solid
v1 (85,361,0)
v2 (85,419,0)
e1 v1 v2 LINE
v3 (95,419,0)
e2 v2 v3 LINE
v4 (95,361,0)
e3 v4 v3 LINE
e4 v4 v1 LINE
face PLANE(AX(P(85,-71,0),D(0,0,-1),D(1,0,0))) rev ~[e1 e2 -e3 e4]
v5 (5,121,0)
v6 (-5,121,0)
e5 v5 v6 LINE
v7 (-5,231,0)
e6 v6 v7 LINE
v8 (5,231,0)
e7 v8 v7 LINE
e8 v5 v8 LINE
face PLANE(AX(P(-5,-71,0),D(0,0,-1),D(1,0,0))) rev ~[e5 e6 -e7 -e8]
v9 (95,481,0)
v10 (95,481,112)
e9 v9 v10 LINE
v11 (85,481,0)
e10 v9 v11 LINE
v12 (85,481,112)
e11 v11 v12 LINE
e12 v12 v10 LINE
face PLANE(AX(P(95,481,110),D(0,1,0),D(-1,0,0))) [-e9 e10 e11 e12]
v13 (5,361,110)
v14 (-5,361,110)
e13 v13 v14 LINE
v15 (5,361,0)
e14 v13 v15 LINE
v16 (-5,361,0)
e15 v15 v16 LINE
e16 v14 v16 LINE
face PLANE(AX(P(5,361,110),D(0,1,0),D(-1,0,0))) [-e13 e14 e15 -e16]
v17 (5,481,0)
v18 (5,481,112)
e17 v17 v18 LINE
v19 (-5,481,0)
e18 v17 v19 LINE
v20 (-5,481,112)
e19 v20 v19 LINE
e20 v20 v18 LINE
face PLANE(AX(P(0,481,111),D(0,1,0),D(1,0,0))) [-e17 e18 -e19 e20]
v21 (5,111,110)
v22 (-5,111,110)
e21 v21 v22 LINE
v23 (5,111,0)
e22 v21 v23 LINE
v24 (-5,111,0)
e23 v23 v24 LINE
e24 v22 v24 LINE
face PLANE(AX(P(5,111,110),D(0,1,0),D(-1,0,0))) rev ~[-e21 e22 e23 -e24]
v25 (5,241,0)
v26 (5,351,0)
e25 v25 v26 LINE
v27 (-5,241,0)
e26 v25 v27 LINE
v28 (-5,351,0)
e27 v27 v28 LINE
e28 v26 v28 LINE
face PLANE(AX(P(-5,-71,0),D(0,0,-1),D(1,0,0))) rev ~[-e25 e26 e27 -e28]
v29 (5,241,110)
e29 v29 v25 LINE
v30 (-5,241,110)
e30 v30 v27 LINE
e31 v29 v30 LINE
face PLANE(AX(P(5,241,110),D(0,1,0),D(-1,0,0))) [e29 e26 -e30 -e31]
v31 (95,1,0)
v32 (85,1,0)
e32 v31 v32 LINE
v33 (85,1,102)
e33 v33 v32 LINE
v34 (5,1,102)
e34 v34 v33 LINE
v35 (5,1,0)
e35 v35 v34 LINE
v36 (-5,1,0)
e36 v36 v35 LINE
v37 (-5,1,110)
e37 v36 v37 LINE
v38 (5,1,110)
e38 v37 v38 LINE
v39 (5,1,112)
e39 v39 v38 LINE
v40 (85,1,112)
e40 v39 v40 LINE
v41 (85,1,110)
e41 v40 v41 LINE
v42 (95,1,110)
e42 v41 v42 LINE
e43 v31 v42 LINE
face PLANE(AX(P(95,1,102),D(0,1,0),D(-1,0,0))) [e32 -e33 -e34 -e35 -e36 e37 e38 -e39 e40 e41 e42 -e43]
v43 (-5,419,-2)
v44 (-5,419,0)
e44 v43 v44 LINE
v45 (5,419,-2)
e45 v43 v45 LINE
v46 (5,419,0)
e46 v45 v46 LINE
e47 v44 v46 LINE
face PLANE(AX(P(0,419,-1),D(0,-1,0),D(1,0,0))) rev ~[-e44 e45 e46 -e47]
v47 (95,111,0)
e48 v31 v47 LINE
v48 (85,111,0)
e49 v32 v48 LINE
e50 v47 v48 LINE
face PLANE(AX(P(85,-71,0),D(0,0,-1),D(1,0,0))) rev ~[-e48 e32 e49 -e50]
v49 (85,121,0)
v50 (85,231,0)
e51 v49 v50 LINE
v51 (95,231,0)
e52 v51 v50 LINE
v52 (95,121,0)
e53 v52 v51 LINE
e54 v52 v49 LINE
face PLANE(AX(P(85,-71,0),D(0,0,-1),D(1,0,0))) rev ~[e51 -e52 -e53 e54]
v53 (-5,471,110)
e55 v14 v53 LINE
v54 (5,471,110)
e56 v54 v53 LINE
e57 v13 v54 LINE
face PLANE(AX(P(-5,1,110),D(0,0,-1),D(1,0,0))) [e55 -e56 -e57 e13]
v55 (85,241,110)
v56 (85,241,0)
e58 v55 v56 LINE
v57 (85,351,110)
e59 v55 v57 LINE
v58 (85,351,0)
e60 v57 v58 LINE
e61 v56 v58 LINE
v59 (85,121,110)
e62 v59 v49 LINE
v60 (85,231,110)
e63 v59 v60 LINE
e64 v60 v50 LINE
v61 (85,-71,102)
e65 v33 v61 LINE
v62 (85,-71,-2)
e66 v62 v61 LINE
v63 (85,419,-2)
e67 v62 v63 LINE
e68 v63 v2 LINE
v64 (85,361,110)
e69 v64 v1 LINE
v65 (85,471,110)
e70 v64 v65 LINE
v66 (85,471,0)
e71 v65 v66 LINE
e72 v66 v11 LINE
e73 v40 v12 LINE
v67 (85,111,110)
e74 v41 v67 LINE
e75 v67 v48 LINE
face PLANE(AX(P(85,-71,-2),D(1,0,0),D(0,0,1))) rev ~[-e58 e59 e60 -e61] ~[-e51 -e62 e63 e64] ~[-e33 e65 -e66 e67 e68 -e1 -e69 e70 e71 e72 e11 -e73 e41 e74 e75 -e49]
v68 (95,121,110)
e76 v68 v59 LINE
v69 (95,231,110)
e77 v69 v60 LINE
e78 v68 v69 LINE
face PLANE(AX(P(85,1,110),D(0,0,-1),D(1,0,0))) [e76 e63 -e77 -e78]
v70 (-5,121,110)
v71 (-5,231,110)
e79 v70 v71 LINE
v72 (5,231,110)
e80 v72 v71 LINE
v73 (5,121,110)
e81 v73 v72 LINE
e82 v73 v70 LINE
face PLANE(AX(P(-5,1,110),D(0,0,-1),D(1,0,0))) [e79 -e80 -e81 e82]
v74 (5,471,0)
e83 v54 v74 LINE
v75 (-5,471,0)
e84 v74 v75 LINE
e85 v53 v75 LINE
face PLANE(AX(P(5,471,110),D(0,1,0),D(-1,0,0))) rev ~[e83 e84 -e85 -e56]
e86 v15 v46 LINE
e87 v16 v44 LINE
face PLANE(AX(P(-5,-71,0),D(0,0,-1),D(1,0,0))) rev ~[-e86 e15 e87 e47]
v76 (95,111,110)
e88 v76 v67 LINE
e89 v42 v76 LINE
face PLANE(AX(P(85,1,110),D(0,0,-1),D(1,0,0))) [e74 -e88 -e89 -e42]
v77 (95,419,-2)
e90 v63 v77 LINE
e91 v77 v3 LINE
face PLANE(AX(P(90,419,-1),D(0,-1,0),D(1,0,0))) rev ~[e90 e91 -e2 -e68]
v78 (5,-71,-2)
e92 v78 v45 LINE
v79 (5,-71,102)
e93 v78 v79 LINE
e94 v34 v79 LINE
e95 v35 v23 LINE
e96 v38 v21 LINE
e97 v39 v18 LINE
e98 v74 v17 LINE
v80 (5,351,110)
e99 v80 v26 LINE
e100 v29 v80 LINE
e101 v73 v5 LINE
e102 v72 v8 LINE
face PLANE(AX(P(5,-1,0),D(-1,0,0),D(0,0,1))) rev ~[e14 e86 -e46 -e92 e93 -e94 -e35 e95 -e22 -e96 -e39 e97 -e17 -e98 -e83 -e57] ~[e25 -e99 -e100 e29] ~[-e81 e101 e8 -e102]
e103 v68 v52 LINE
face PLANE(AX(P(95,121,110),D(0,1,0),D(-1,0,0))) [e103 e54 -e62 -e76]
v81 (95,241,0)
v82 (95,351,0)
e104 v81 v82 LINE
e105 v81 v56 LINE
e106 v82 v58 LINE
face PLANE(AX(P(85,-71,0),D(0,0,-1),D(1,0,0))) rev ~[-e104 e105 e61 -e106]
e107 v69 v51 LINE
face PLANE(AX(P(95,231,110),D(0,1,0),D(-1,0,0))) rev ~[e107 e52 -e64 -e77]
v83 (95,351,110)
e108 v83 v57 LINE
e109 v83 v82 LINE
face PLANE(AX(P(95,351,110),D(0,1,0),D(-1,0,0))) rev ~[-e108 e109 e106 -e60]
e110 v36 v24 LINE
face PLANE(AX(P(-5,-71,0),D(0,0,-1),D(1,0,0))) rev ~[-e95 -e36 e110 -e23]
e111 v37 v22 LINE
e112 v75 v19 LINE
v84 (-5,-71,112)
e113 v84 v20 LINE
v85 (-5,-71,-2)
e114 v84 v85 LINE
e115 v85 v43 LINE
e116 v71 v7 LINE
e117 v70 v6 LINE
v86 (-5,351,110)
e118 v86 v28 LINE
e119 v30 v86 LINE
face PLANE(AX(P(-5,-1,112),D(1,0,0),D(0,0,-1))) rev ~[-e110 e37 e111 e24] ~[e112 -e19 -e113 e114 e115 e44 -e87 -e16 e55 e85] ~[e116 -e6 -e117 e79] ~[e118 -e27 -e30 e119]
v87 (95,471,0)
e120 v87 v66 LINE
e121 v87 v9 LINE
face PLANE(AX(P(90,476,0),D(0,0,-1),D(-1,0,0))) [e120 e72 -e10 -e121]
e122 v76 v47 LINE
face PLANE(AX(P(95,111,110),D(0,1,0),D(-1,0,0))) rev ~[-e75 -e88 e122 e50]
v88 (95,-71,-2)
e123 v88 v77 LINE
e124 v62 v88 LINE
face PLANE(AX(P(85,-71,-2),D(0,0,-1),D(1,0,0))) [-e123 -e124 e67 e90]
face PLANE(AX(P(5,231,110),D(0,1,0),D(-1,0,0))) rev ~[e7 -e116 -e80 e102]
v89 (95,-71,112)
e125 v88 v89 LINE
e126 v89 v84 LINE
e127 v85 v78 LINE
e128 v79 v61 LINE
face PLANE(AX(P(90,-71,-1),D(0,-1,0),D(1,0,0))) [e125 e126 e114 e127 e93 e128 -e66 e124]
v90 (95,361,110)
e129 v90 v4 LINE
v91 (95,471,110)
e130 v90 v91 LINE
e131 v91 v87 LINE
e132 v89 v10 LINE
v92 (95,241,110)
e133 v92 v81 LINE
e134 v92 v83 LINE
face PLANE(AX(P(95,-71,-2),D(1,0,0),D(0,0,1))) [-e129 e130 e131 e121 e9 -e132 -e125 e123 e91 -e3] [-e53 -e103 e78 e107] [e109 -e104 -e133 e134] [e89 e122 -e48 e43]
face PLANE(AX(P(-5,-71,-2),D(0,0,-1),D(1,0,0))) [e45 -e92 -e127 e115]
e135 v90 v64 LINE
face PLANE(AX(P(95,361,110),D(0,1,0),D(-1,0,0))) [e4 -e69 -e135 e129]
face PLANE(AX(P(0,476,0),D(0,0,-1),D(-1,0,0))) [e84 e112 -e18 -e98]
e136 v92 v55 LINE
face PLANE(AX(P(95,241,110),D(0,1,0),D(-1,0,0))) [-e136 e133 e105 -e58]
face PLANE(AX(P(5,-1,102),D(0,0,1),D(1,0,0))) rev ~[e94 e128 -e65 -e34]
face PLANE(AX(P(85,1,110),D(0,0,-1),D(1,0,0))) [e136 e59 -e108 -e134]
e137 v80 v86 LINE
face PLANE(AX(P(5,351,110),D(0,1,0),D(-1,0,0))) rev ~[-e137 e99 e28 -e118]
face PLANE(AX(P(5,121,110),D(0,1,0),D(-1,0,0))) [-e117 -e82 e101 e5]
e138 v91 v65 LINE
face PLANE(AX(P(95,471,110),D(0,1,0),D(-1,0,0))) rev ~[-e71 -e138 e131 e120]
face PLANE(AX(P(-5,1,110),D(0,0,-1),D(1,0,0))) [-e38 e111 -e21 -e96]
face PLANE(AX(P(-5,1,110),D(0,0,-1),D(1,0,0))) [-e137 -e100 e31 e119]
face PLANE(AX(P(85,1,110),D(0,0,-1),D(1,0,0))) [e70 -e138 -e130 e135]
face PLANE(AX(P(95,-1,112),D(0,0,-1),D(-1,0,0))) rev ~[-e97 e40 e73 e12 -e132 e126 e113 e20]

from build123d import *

# Parameters (mm, degrees)
SKETCH1_W            = 10
SKETCH1_H            = 2
BOSS_EXTRUDE1_DEPTH  = 112
SKETCH2_W            = 10
SKETCH2_H            = 2
BOSS_EXTRUDE2_DEPTH  = 480
SKETCH3_W            = 10
SKETCH3_H            = 2
BOSS_EXTRUDE3_DEPTH  = 90
SKETCH4_W            = 10
SKETCH4_H            = 2
BOSS_EXTRUDE4_DEPTH  = 102
SKETCH5_W            = 10
SKETCH5_H            = 2
BOSS_EXTRUDE5_DEPTH  = 480
SKETCH6_W            = 10
SKETCH6_H            = 10
BOSS_EXTRUDE6_DEPTH  = 110
SKETCH7_W            = 10
SKETCH7_H            = 10
BOSS_EXTRUDE7_DEPTH  = 110
SKETCH8_W            = 10
SKETCH8_H            = 10
BOSS_EXTRUDE8_DEPTH  = 110
SKETCH9_W            = 10
SKETCH9_H            = 10
BOSS_EXTRUDE9_DEPTH  = 110
BOSS_EXTRUDE10_DEPTH = 70
SKETCH12_W           = 10
SKETCH12_H           = 2
BOSS_EXTRUDE11_DEPTH = 490


with BuildPart() as part:
    # Sketch1 → Boss-Extrude1 (new body)
    with BuildSketch(Plane.XY):
        Rectangle(SKETCH1_W, SKETCH1_H)
    extrude(amount=BOSS_EXTRUDE1_DEPTH)

    # Sketch2 → Boss-Extrude2 (add)
    with BuildSketch(Plane(origin=(0, 1, 0), x_dir=(1, 0, 0), z_dir=(0, 1, 0))):
        with Locations((0, -111)):
            Rectangle(SKETCH2_W, SKETCH2_H)
    extrude(amount=BOSS_EXTRUDE2_DEPTH)

    # Sketch3 → Boss-Extrude3 (add)
    with BuildSketch(Plane(origin=(5, 0, 0), x_dir=(0, 0, -1), z_dir=(1, 0, 0))):
        with Locations((-107, 0)):
            Rectangle(SKETCH3_W, SKETCH3_H)
    extrude(amount=BOSS_EXTRUDE3_DEPTH)

    # Sketch4 → Boss-Extrude4 (add)
    with BuildSketch(Plane(origin=(0, 0, 102), x_dir=(-1, 0, 0), z_dir=(0, 0, -1))):
        with Locations((-90, 0)):
            Rectangle(SKETCH4_W, SKETCH4_H)
    extrude(amount=BOSS_EXTRUDE4_DEPTH)

    # Sketch5 → Boss-Extrude5 (add)
    with BuildSketch(Plane(origin=(0, 1, 0), x_dir=(1, 0, 0), z_dir=(0, 1, 0))):
        with Locations((90, -111)):
            Rectangle(SKETCH5_W, SKETCH5_H)
    extrude(amount=BOSS_EXTRUDE5_DEPTH)

    # Sketch6 → Boss-Extrude6 (add)
    with BuildSketch(Plane(origin=(0, 0, 110), x_dir=(-1, 0, 0), z_dir=(0, 0, -1))):
        with Locations((-90, 116)):
            Rectangle(SKETCH6_W, SKETCH6_H)
        with Locations((0, 116)):
            Rectangle(SKETCH6_W, SKETCH6_H)
    extrude(amount=BOSS_EXTRUDE6_DEPTH)

    # Sketch7 → Boss-Extrude7 (add)
    with BuildSketch(Plane(origin=(0, 0, 110), x_dir=(-1, 0, 0), z_dir=(0, 0, -1))):
        with Locations((-90, 236)):
            Rectangle(SKETCH7_W, SKETCH7_H)
        with Locations((0, 236)):
            Rectangle(SKETCH7_W, SKETCH7_H)
    extrude(amount=BOSS_EXTRUDE7_DEPTH)

    # Sketch8 → Boss-Extrude8 (add)
    with BuildSketch(Plane(origin=(0, 0, 110), x_dir=(-1, 0, 0), z_dir=(0, 0, -1))):
        with Locations((-90, 356)):
            Rectangle(SKETCH8_W, SKETCH8_H)
        with Locations((0, 356)):
            Rectangle(SKETCH8_W, SKETCH8_H)
    extrude(amount=BOSS_EXTRUDE8_DEPTH)

    # Sketch9 → Boss-Extrude9 (add)
    with BuildSketch(Plane(origin=(0, 0, 110), x_dir=(-1, 0, 0), z_dir=(0, 0, -1))):
        with Locations((-90, 476)):
            Rectangle(SKETCH9_W, SKETCH9_H)
        with Locations((0, 476)):
            Rectangle(SKETCH9_W, SKETCH9_H)
    extrude(amount=BOSS_EXTRUDE9_DEPTH)

    # Sketch11 → Boss-Extrude10 (add)
    with BuildSketch(Plane.XZ.offset(1)):
        Polygon((-5, 112), (-5, 0), (5, 0), (5, 102), (85, 102), (85, 0), (95, 0), (95, 112), align=None)
    extrude(amount=BOSS_EXTRUDE10_DEPTH)

    # Sketch12 → Boss-Extrude11 (add)
    with BuildSketch(Plane.XZ.offset(71)):
        with Locations((90, -1)):
            Rectangle(SKETCH12_W, SKETCH12_H)
        with Locations((0, -1)):
            Rectangle(SKETCH12_W, SKETCH12_H)
    extrude(amount=-BOSS_EXTRUDE11_DEPTH)


solid = part.part
